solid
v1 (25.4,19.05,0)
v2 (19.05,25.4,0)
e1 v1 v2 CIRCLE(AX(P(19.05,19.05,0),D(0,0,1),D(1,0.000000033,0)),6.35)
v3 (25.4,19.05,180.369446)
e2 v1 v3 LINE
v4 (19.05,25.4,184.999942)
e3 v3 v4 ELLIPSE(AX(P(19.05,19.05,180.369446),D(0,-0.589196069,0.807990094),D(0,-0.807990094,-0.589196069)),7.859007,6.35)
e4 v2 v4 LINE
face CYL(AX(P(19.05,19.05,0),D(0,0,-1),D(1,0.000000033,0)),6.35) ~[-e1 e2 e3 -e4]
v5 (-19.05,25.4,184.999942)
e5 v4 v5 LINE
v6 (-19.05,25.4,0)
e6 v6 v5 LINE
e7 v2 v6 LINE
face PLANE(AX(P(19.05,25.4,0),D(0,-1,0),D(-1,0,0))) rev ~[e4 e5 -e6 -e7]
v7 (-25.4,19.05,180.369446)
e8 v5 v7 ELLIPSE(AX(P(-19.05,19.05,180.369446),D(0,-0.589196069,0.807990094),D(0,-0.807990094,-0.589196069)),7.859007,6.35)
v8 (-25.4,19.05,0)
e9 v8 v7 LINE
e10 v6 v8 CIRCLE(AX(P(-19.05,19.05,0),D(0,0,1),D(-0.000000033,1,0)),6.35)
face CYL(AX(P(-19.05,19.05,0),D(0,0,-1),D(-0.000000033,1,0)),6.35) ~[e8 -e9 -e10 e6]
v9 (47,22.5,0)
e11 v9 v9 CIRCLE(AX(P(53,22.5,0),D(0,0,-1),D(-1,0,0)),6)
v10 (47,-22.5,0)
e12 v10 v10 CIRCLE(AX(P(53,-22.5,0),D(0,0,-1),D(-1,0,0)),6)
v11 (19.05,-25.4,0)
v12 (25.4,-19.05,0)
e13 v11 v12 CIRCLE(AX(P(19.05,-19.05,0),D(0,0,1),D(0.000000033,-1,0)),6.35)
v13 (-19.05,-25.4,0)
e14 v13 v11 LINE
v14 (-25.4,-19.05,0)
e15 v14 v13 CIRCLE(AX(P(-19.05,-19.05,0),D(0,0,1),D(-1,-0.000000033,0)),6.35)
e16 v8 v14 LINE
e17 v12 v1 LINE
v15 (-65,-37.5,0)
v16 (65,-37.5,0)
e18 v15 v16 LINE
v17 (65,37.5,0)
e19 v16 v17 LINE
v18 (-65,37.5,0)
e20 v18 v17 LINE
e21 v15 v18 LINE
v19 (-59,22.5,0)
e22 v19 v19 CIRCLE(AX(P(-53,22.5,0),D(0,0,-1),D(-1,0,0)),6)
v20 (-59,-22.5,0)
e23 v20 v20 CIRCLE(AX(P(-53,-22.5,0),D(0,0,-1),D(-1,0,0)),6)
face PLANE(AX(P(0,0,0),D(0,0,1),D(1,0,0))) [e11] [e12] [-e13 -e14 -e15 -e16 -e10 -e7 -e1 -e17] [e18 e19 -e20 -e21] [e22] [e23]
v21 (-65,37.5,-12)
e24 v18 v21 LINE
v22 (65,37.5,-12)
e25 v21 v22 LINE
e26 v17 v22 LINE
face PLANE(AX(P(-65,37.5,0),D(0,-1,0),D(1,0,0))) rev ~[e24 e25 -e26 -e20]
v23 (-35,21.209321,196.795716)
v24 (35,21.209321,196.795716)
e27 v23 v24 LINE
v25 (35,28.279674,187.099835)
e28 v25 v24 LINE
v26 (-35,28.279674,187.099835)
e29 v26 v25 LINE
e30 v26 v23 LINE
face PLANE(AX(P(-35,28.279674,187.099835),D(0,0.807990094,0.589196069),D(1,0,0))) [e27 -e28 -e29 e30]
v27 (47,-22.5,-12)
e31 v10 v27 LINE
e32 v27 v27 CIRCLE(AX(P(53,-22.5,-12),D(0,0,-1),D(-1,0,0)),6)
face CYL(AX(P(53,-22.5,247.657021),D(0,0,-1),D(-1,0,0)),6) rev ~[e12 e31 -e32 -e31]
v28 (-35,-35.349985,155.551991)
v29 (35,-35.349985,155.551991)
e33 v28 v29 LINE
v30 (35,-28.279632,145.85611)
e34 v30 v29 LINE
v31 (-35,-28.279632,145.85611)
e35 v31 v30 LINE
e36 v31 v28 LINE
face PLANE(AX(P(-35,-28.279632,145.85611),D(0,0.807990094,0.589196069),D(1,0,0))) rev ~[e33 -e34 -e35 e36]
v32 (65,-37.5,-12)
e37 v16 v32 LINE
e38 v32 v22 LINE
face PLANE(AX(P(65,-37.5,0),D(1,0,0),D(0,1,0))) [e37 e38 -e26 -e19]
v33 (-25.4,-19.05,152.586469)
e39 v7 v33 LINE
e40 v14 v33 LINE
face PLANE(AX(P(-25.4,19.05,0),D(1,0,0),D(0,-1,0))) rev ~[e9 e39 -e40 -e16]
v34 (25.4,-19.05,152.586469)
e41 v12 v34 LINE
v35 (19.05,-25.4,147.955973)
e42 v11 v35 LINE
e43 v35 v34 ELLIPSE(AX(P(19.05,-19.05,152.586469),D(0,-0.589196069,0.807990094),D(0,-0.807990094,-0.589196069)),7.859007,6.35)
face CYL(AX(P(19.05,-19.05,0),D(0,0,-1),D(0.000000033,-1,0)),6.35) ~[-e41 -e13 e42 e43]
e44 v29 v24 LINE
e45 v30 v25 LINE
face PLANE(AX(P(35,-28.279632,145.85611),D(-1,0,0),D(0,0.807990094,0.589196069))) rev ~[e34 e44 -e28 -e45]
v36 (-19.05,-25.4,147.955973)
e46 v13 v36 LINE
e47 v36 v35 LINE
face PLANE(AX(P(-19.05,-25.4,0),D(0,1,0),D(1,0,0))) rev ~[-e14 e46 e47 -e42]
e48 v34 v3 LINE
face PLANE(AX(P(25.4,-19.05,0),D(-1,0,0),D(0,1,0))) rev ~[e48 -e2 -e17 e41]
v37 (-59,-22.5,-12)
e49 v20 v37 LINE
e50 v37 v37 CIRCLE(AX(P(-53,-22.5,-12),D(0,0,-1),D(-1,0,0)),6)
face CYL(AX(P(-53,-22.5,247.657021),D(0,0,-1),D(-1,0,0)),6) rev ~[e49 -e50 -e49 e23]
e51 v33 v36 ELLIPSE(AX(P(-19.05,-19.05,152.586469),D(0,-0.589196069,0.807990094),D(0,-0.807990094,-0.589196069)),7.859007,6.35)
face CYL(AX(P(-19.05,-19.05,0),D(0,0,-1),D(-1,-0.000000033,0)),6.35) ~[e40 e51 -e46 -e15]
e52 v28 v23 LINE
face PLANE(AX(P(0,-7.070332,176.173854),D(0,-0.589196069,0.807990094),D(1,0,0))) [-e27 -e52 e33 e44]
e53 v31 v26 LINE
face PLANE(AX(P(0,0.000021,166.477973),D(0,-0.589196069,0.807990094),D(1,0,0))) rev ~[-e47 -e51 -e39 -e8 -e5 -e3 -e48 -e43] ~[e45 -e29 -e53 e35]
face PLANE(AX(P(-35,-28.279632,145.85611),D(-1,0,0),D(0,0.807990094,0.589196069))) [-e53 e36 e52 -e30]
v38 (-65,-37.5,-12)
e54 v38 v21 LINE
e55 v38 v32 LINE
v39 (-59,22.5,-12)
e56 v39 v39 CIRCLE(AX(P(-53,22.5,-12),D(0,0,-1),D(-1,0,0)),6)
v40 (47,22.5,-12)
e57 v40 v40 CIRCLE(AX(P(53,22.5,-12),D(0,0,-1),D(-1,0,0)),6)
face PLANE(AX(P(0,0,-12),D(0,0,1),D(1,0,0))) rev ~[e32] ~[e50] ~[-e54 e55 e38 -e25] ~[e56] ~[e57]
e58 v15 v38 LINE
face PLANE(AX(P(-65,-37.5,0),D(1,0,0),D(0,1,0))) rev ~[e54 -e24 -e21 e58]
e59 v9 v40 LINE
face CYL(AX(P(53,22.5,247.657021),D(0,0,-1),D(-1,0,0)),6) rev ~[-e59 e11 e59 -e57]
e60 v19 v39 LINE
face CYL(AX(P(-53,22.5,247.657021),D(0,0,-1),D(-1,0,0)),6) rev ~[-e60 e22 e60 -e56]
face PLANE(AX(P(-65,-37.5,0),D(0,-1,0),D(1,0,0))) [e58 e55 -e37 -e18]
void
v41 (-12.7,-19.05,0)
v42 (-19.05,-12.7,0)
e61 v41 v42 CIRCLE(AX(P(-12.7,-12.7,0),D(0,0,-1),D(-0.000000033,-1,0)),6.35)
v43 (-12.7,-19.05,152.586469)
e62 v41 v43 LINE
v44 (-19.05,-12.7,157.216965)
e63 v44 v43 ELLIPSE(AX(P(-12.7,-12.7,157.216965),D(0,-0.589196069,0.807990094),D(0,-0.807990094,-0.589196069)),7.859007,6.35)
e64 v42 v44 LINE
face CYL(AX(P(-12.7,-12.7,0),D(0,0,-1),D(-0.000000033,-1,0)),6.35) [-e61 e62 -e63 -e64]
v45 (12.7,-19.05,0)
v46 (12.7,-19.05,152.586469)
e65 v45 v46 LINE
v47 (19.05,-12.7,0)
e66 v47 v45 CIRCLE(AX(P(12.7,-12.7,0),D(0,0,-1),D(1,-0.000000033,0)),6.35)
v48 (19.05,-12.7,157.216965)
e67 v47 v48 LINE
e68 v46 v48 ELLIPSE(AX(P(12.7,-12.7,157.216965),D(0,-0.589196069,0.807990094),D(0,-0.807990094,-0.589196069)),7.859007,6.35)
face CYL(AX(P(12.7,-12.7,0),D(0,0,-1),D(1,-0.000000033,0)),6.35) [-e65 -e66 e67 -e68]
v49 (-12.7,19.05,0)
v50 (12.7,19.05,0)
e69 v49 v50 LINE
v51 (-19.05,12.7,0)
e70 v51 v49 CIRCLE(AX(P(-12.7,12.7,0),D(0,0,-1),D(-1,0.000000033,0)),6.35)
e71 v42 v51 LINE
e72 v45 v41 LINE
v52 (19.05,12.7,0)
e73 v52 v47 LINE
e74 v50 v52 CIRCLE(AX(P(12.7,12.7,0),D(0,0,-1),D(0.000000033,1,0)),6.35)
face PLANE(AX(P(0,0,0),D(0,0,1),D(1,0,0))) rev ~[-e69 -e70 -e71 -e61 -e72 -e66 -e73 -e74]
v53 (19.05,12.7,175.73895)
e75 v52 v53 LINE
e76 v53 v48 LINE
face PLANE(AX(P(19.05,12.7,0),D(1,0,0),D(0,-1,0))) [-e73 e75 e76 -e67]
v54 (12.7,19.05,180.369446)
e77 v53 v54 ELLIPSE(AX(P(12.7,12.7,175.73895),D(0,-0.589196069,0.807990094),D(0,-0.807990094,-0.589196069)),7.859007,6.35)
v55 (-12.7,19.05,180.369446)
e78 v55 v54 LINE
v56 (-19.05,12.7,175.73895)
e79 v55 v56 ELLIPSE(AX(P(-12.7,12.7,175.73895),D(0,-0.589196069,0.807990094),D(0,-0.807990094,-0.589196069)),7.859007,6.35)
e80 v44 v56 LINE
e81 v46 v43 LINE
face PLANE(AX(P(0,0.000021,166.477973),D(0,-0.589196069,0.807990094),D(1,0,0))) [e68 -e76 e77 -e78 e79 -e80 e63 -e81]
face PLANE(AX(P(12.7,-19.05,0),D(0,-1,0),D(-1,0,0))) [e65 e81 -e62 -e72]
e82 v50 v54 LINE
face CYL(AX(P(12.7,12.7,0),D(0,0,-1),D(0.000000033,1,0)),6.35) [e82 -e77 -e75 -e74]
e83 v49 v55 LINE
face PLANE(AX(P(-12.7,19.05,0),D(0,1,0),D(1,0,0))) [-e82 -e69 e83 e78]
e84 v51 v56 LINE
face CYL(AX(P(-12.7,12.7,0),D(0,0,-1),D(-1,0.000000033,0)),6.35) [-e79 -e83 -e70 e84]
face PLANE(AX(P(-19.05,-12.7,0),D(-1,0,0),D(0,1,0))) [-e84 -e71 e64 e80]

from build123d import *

# Parameters (mm, degrees)
F0_W     = 130
F0_H     = 75
F1_DEPTH = 12
F3_DEPTH = 185
F5_D     = 12
F7_DEPTH = 50.8
F8_W     = 70
F8_H     = 70
F9_DEPTH = 12


with BuildPart() as f1:
    # F0 (on Top) → F1 (new body)
    with BuildSketch(Plane.XY):
        Rectangle(F0_W, F0_H)
    extrude(amount=-F1_DEPTH)

    # F2 (on face) → F3 (join)
    with BuildSketch(Plane.XY):
        with BuildLine():
            Line((-19.05, -25.4), (19.05, -25.4))
            ThreePointArc((19.05, -25.4), (23.540128, -23.540128), (25.4, -19.05))
            Line((25.4, -19.05), (25.4, 19.05))
            ThreePointArc((25.4, 19.05), (23.540128, 23.540128), (19.05, 25.4))
            Line((19.05, 25.4), (-19.05, 25.4))
            ThreePointArc((-19.05, 25.4), (-23.540128, 23.540128), (-25.4, 19.05))
            Line((-25.4, 19.05), (-25.4, -19.05))
            ThreePointArc((-25.4, -19.05), (-23.540128, -23.540128), (-19.05, -25.4))
        make_face()
        with BuildLine():
            Line((-12.7, 19.05), (12.7, 19.05))
            ThreePointArc((12.7, 19.05), (17.190128, 17.190128), (19.05, 12.7))
            Line((19.05, 12.7), (19.05, -12.7))
            ThreePointArc((19.05, -12.7), (17.190128, -17.190128), (12.7, -19.05))
            Line((12.7, -19.05), (-12.7, -19.05))
            ThreePointArc((-12.7, -19.05), (-17.190128, -17.190128), (-19.05, -12.7))
            Line((-19.05, -12.7), (-19.05, 12.7))
            ThreePointArc((-19.05, 12.7), (-17.190128, 17.190128), (-12.7, 19.05))
        make_face(mode=Mode.SUBTRACT)
    extrude(amount=F3_DEPTH)

    # F5 (through all)
    with Locations(Plane.XY):
        with Locations((-53, 22.5), (53, 22.5), (53, -22.5), (-53, -22.5)):
            Hole(F5_D / 2)

    # F6 (on face) → F7 (cut)
    with BuildSketch(Plane.YZ.offset(25.4)):
        Polygon((25.4, 185), (-25.4, 185), (-25.4, 147.956003), align=None)
    extrude(amount=-F7_DEPTH, mode=Mode.SUBTRACT)

    # F8 (on face) → F9 (join)
    with BuildSketch(Plane(origin=(0, -79.254299, 108.684772), x_dir=(1, 0, 0), z_dir=(0, -0.589196, 0.80799))):
        with Locations((0, 98.088232)):
            Rectangle(F8_W, F8_H)
    extrude(amount=F9_DEPTH)


solid = f1.part
